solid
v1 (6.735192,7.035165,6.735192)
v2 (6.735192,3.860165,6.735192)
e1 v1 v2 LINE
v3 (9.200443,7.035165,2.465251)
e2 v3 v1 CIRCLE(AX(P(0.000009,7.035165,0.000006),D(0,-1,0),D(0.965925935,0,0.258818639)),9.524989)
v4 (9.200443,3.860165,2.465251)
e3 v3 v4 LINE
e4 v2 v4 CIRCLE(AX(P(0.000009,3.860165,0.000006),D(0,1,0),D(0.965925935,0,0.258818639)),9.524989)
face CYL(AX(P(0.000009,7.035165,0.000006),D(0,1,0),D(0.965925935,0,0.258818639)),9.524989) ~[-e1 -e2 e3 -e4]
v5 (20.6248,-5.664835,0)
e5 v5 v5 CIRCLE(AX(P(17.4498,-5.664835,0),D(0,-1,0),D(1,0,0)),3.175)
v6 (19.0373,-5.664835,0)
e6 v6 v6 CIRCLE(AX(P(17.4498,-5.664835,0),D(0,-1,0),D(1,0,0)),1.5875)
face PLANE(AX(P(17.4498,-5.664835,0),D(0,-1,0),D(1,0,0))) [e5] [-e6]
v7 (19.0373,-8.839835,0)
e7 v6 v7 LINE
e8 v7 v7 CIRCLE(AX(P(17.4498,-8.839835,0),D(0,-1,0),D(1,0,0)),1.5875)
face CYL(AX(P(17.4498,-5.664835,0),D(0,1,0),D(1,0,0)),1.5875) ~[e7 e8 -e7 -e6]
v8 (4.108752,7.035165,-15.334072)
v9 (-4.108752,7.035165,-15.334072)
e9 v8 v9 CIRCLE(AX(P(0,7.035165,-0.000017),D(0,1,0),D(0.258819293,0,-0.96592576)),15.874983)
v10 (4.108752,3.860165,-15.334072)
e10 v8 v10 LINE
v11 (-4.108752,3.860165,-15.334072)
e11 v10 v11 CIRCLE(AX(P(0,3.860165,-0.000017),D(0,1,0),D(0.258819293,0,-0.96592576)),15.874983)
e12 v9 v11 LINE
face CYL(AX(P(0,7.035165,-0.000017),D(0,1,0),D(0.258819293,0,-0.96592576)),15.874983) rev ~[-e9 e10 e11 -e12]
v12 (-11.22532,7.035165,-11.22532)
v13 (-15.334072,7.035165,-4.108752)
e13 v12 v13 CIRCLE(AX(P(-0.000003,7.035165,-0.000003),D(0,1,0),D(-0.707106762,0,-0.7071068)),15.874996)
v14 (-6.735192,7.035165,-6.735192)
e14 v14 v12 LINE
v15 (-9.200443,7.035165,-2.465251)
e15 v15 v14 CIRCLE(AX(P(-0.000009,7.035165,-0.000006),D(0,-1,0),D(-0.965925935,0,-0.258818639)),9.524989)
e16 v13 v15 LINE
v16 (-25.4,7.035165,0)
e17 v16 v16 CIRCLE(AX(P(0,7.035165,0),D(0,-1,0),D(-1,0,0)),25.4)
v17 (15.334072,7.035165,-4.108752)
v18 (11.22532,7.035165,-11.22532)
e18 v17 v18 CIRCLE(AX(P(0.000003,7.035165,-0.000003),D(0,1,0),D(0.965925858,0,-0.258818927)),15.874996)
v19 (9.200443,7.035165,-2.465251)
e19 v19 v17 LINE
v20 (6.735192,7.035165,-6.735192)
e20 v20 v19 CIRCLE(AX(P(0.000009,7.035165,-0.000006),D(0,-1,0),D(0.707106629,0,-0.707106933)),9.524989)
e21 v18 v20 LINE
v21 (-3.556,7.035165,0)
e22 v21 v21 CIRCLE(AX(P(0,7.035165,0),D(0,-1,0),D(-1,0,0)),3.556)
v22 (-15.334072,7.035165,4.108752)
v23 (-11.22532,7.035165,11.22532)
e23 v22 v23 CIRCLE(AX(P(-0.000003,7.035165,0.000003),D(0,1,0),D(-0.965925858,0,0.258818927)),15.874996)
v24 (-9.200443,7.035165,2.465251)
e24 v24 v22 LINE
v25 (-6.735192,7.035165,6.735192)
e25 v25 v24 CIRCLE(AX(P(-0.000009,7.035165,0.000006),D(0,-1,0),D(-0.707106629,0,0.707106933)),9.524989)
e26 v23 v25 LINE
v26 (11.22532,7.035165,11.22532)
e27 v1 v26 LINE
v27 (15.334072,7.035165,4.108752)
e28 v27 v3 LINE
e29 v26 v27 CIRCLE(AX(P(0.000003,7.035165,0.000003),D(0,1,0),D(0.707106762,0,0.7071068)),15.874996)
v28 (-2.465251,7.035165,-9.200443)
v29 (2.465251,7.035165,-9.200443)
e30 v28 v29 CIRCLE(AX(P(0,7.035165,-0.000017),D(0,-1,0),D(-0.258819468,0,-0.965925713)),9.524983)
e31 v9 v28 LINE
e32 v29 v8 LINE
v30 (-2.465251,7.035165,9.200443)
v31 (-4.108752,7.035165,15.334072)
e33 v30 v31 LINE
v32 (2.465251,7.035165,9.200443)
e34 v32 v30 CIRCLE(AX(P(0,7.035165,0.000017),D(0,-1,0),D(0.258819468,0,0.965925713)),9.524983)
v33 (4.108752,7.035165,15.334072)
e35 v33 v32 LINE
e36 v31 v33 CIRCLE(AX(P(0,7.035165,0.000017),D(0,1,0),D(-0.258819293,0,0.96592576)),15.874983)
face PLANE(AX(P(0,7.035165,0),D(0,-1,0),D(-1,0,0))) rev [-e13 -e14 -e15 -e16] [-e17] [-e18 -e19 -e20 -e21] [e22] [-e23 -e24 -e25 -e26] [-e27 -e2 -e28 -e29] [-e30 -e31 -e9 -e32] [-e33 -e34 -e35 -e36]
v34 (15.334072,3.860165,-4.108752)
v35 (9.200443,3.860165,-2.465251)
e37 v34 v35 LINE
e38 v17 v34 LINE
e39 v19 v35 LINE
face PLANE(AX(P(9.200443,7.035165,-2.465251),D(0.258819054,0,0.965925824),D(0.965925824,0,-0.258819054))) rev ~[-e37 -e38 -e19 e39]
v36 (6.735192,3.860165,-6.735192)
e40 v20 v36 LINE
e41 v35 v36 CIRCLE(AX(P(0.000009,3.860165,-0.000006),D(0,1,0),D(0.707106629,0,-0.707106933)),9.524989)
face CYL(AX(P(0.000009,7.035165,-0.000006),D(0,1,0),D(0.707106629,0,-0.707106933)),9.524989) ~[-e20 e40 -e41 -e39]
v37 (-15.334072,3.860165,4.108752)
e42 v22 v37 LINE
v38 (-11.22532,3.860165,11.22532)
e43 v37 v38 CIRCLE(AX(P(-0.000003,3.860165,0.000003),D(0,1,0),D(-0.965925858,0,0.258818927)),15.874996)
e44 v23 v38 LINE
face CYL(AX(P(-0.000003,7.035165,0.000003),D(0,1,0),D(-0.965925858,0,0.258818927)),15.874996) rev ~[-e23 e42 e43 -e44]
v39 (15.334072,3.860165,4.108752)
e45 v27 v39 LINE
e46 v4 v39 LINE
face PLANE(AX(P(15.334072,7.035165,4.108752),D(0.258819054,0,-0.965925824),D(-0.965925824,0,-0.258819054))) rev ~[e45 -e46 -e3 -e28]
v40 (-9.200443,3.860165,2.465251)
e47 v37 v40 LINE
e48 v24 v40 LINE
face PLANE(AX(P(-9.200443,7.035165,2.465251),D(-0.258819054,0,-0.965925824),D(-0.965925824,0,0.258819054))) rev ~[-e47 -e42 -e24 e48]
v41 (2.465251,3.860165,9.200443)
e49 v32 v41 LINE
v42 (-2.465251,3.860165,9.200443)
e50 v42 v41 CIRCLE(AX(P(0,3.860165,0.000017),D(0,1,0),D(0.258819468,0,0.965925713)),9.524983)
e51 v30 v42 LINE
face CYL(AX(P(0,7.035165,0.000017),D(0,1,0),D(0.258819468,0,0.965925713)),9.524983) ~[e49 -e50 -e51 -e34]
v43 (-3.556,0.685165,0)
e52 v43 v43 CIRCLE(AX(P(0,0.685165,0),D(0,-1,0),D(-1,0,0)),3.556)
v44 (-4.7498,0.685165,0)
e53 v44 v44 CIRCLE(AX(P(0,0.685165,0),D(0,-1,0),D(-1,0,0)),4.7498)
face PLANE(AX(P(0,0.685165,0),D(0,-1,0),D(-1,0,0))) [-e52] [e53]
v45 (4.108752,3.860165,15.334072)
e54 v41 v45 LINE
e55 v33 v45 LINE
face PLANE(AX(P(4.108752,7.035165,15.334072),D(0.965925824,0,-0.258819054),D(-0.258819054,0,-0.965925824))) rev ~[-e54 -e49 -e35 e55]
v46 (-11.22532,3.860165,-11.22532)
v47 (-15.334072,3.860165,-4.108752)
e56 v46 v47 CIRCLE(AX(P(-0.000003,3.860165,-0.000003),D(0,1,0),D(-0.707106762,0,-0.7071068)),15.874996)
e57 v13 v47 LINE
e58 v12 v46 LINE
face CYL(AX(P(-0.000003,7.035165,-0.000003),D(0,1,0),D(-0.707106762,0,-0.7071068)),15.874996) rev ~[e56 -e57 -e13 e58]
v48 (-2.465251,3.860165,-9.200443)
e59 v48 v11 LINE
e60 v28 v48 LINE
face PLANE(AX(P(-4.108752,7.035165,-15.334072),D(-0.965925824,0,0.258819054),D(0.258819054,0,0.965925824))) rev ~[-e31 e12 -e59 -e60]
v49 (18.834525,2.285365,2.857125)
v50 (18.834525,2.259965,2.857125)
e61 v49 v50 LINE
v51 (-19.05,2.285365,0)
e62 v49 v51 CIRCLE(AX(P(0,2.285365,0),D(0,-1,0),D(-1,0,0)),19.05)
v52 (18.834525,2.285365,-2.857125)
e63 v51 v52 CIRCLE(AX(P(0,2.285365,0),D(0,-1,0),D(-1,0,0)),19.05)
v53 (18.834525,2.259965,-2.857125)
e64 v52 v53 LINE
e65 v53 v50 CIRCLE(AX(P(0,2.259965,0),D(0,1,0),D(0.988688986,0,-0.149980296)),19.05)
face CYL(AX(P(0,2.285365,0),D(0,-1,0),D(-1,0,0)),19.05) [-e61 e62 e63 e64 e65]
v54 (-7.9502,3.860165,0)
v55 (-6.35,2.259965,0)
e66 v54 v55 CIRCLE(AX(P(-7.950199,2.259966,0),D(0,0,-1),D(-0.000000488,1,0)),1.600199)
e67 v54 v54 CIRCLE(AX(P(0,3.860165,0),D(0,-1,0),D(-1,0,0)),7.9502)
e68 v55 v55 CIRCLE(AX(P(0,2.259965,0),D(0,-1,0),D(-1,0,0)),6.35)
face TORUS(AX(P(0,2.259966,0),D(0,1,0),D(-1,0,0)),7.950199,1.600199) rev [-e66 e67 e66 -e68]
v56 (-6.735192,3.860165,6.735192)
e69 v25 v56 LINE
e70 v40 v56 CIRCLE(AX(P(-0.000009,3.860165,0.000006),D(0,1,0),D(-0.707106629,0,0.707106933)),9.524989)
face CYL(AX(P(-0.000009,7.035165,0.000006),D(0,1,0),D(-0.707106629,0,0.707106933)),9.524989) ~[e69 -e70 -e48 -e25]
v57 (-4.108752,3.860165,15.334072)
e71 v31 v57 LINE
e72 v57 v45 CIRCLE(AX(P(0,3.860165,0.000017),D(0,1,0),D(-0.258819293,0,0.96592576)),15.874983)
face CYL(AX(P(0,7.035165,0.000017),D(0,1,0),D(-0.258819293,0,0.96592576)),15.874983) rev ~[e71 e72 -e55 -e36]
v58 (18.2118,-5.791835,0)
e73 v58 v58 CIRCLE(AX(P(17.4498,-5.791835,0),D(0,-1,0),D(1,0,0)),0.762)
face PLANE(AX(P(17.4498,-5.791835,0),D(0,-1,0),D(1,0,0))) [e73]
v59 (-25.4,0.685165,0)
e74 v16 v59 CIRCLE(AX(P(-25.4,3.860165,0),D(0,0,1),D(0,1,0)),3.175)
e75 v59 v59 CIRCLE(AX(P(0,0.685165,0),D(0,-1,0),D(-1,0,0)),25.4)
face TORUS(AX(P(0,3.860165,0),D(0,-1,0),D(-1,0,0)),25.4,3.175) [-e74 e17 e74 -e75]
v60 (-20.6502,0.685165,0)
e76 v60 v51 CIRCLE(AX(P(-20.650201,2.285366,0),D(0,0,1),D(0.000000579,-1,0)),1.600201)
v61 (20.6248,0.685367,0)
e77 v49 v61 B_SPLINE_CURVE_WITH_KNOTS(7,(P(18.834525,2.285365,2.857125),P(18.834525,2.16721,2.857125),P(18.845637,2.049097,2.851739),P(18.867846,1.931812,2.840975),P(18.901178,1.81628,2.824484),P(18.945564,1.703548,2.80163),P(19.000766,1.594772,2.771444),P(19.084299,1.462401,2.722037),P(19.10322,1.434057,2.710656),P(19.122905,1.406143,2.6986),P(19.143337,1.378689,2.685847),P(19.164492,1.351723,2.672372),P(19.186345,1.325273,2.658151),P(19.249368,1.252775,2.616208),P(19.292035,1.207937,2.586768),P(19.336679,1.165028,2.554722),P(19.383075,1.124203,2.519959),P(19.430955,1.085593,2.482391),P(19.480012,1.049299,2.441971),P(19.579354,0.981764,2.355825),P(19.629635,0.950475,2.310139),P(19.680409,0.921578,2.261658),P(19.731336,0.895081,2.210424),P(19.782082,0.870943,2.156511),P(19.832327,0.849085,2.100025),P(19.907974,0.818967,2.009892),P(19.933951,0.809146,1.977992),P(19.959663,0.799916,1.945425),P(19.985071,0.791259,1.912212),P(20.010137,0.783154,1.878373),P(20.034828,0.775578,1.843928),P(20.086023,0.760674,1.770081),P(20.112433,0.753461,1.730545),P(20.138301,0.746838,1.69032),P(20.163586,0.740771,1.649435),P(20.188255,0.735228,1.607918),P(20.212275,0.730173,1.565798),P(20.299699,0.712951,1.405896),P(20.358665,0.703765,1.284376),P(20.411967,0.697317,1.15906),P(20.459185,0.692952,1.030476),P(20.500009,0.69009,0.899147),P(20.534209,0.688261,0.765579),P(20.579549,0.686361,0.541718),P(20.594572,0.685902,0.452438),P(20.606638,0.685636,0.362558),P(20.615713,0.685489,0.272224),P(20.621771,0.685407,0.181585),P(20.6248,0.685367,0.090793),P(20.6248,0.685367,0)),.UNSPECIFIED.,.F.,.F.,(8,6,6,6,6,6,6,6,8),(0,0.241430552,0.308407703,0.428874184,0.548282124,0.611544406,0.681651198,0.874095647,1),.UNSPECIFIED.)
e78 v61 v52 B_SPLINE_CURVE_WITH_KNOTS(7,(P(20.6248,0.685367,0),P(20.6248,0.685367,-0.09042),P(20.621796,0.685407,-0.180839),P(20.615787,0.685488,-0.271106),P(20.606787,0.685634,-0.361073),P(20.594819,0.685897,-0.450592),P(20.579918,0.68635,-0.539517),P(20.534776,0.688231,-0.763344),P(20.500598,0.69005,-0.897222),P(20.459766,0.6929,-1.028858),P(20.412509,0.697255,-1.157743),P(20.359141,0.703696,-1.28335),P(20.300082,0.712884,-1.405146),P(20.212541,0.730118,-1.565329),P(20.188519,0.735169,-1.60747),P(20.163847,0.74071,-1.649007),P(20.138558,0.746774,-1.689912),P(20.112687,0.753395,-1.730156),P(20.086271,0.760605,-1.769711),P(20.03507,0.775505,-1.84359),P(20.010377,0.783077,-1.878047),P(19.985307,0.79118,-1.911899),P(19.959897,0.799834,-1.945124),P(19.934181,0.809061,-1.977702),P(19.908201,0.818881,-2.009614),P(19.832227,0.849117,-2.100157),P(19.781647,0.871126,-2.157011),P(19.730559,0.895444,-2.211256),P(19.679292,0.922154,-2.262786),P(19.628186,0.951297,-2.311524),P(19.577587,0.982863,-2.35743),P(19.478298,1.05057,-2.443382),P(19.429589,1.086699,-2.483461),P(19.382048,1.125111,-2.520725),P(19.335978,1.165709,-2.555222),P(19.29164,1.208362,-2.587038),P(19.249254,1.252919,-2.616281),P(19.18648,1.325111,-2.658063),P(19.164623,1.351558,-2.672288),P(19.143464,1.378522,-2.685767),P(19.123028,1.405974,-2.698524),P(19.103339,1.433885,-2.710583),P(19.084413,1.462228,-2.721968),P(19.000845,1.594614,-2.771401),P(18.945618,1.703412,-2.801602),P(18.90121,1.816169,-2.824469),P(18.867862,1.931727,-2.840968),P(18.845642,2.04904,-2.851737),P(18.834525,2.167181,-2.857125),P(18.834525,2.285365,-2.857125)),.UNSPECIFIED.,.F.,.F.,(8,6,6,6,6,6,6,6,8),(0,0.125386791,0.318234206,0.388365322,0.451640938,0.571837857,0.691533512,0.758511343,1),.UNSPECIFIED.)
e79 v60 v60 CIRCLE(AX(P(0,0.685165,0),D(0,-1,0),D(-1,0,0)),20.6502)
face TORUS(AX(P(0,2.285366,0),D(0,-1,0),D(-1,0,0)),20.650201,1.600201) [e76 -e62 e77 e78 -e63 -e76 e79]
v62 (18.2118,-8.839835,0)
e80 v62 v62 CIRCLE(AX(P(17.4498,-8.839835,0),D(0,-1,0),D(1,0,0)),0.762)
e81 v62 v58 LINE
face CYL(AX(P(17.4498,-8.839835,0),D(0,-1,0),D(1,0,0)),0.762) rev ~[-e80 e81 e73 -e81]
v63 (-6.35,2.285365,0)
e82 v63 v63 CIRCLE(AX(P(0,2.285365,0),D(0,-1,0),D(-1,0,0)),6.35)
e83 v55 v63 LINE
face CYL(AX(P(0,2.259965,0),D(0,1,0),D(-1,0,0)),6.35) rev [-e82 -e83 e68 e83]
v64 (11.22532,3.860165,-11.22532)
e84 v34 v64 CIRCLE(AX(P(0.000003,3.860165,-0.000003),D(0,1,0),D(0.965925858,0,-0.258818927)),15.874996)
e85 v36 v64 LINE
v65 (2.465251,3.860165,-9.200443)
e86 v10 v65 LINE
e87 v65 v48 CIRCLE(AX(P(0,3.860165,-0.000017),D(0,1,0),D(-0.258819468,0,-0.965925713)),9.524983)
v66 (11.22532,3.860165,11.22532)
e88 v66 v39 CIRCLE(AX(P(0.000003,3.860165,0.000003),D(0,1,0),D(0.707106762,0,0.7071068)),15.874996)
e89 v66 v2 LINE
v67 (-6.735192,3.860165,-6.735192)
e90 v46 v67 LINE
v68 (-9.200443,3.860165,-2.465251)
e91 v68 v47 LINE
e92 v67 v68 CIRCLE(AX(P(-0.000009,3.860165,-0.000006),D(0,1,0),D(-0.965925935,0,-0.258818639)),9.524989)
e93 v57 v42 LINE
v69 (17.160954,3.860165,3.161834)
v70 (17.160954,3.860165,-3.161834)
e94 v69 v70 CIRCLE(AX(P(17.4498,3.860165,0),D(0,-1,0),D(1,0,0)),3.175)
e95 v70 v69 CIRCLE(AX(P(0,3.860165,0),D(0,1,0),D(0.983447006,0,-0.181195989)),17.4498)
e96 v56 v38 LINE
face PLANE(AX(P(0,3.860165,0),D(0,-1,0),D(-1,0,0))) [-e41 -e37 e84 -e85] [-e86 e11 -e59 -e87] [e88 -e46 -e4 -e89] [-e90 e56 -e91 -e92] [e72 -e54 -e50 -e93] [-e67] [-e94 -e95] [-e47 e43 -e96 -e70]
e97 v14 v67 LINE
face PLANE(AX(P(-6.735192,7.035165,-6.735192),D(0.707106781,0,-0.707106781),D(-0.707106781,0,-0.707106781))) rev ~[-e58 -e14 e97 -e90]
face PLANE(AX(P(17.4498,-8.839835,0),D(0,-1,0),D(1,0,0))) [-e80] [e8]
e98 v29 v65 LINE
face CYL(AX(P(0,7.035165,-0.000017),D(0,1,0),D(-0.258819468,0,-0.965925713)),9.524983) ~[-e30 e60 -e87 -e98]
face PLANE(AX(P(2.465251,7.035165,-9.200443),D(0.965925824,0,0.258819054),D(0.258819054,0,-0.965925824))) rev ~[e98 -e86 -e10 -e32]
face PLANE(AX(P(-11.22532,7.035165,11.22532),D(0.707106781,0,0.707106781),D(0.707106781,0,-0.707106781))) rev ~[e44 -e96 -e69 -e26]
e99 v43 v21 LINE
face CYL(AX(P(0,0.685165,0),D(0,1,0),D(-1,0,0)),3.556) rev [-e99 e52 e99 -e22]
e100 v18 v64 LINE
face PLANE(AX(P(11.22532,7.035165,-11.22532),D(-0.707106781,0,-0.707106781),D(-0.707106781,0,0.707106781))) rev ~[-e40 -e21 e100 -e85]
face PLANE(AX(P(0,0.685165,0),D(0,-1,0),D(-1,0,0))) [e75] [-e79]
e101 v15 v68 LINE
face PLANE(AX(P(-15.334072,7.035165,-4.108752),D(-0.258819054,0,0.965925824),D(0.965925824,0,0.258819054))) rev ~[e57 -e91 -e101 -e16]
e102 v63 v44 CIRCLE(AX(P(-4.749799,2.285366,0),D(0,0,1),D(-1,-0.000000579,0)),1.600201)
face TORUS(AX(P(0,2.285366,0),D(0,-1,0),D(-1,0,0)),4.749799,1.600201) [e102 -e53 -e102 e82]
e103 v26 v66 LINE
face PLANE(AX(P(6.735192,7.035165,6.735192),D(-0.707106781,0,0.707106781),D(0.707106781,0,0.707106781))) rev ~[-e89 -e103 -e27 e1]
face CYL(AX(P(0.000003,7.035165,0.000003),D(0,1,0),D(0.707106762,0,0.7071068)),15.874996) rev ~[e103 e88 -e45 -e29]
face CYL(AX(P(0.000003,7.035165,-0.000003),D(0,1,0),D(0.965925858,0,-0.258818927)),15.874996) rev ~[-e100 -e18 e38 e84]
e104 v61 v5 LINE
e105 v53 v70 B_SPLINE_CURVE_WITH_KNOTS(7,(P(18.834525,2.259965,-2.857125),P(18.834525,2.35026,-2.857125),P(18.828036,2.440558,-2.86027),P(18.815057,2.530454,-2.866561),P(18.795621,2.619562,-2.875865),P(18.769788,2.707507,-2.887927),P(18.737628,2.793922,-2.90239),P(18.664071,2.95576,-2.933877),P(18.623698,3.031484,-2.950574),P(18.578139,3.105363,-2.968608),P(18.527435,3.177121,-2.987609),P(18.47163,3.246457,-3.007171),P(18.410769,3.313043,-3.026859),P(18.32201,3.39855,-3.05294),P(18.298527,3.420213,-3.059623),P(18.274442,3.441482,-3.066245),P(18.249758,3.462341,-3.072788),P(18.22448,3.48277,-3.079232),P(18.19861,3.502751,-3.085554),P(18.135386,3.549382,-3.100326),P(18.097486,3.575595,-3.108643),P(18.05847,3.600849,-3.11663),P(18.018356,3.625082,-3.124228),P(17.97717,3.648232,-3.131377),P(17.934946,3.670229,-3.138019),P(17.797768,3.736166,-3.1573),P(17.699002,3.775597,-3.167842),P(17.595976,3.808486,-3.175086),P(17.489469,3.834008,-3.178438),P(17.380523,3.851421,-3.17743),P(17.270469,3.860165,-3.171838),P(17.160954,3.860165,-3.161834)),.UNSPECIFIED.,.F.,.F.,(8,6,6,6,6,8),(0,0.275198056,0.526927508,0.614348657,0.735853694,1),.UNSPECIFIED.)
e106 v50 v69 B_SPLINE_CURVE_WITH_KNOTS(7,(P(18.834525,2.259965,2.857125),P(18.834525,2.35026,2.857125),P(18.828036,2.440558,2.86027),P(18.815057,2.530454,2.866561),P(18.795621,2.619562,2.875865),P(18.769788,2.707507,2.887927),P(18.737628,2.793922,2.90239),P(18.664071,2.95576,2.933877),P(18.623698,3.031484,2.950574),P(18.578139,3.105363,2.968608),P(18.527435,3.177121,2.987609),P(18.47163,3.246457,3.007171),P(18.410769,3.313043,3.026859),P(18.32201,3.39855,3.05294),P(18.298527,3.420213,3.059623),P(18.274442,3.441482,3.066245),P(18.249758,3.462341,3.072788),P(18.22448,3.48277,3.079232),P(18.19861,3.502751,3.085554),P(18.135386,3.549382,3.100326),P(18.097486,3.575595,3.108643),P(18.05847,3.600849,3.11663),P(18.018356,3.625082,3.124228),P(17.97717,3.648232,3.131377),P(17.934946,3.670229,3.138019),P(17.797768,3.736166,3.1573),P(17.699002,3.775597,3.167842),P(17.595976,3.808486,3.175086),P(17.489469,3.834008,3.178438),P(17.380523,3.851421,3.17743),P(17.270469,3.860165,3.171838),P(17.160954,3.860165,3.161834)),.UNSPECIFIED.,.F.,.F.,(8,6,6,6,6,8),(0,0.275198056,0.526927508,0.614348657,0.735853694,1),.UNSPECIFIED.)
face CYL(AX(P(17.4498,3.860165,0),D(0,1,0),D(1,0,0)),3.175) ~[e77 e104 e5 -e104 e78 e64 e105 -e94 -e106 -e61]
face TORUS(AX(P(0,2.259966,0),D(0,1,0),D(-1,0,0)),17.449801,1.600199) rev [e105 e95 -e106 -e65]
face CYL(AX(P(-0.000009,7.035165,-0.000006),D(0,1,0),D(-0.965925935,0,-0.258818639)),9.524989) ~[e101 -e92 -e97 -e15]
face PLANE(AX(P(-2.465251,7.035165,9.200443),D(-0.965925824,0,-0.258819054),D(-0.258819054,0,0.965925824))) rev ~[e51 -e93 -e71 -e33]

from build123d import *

# Parameters (mm, degrees)
F3_DEPTH = 25.4
F4_R     = 3.175
F5_DEPTH = 9.525
F6_R     = 1.5875
F7_DEPTH = 3.175
F8_R     = 0.762
F9_DEPTH = 3.048


with BuildPart() as f1:
    # F0 (on Top) → F1 (revolve)
    with BuildSketch(Plane.XY):
        with BuildLine():
            Line((-3.556, 0.685165), (-3.556, 7.035165))
            Line((-3.556, 7.035165), (-25.4, 7.035165))
            ThreePointArc((-25.4, 7.035165), (-28.575, 3.860165), (-25.4, 0.685165))
            Line((-25.4, 0.685165), (-20.6502, 0.685165))
            ThreePointArc((-20.6502, 0.685165), (-19.518688, 1.153853), (-19.05, 2.285365))
            Line((-19.05, 2.285365), (-19.05, 2.259965))
            ThreePointArc((-19.05, 2.259965), (-18.581312, 3.391478), (-17.4498, 3.860165))
            Line((-17.4498, 3.860165), (-7.9502, 3.860165))
            ThreePointArc((-7.9502, 3.860165), (-6.818688, 3.391478), (-6.35, 2.259965))
            Line((-6.35, 2.259965), (-6.35, 2.285365))
            ThreePointArc((-6.35, 2.285365), (-5.881312, 1.153853), (-4.7498, 0.685165))
            Line((-4.7498, 0.685165), (-3.556, 0.685165))
        make_face()
    revolve(axis=Axis((0, 0.531173, 0), (0, -1, 0)))

    # F2 (on face) → F3 (cut)
    with BuildSketch(Plane(origin=(0, 7.035165, 0), x_dir=(-1, 0, 0), z_dir=(0, 1, 0))):
        with BuildLine():
            Line((9.200443, 2.465251), (15.334072, 4.108752))
            ThreePointArc((15.334072, 4.108752), (13.748153, 7.9375), (11.22532, 11.22532))
            Line((11.22532, 11.22532), (6.735192, 6.735192))
            ThreePointArc((6.735192, 6.735192), (8.248892, 4.7625), (9.200443, 2.465251))
        make_face()
        with BuildLine():
            Line((2.465251, 9.200443), (4.108752, 15.334072))
            ThreePointArc((4.108752, 15.334072), (0, 15.875), (-4.108752, 15.334072))
            Line((-4.108752, 15.334072), (-2.465251, 9.200443))
            ThreePointArc((-2.465251, 9.200443), (0, 9.525), (2.465251, 9.200443))
        make_face()
        with BuildLine():
            Line((-6.735192, 6.735192), (-11.22532, 11.22532))
            ThreePointArc((-11.22532, 11.22532), (-13.748153, 7.9375), (-15.334072, 4.108752))
            Line((-15.334072, 4.108752), (-9.200443, 2.465251))
            ThreePointArc((-9.200443, 2.465251), (-8.248892, 4.7625), (-6.735192, 6.735192))
        make_face()
        with BuildLine():
            Line((-9.200443, -2.465251), (-15.334072, -4.108752))
            ThreePointArc((-15.334072, -4.108752), (-13.748153, -7.9375), (-11.22532, -11.22532))
            Line((-11.22532, -11.22532), (-6.735192, -6.735192))
            ThreePointArc((-6.735192, -6.735192), (-8.248892, -4.7625), (-9.200443, -2.465251))
        make_face()
        with BuildLine():
            Line((-2.465251, -9.200443), (-4.108752, -15.334072))
            ThreePointArc((-4.108752, -15.334072), (0, -15.875), (4.108752, -15.334072))
            Line((4.108752, -15.334072), (2.465251, -9.200443))
            ThreePointArc((2.465251, -9.200443), (0, -9.525), (-2.465251, -9.200443))
        make_face()
        with BuildLine():
            Line((6.735192, -6.735192), (11.22532, -11.22532))
            ThreePointArc((11.22532, -11.22532), (13.748153, -7.9375), (15.334072, -4.108752))
            Line((15.334072, -4.108752), (9.200443, -2.465251))
            ThreePointArc((9.200443, -2.465251), (8.248892, -4.7625), (6.735192, -6.735192))
        make_face()
    extrude(amount=-F3_DEPTH, mode=Mode.SUBTRACT)

    # F4 (on face) → F5 (join)
    with BuildSketch(Plane.XZ.offset(-3.860165)):
        with Locations((17.4498, 0)):
            Circle(F4_R)
    extrude(amount=F5_DEPTH)

    # F6 (on face) → F7 (join)
    with BuildSketch(Plane.XZ.offset(5.664835)):
        with Locations((17.4498, 0)):
            Circle(F6_R)
    extrude(amount=F7_DEPTH)

    # F8 (on face) → F9 (cut)
    with BuildSketch(Plane.XZ.offset(8.839835)):
        with Locations((17.4498, 0)):
            Circle(F8_R)
    extrude(amount=-F9_DEPTH, mode=Mode.SUBTRACT)


solid = f1.part
